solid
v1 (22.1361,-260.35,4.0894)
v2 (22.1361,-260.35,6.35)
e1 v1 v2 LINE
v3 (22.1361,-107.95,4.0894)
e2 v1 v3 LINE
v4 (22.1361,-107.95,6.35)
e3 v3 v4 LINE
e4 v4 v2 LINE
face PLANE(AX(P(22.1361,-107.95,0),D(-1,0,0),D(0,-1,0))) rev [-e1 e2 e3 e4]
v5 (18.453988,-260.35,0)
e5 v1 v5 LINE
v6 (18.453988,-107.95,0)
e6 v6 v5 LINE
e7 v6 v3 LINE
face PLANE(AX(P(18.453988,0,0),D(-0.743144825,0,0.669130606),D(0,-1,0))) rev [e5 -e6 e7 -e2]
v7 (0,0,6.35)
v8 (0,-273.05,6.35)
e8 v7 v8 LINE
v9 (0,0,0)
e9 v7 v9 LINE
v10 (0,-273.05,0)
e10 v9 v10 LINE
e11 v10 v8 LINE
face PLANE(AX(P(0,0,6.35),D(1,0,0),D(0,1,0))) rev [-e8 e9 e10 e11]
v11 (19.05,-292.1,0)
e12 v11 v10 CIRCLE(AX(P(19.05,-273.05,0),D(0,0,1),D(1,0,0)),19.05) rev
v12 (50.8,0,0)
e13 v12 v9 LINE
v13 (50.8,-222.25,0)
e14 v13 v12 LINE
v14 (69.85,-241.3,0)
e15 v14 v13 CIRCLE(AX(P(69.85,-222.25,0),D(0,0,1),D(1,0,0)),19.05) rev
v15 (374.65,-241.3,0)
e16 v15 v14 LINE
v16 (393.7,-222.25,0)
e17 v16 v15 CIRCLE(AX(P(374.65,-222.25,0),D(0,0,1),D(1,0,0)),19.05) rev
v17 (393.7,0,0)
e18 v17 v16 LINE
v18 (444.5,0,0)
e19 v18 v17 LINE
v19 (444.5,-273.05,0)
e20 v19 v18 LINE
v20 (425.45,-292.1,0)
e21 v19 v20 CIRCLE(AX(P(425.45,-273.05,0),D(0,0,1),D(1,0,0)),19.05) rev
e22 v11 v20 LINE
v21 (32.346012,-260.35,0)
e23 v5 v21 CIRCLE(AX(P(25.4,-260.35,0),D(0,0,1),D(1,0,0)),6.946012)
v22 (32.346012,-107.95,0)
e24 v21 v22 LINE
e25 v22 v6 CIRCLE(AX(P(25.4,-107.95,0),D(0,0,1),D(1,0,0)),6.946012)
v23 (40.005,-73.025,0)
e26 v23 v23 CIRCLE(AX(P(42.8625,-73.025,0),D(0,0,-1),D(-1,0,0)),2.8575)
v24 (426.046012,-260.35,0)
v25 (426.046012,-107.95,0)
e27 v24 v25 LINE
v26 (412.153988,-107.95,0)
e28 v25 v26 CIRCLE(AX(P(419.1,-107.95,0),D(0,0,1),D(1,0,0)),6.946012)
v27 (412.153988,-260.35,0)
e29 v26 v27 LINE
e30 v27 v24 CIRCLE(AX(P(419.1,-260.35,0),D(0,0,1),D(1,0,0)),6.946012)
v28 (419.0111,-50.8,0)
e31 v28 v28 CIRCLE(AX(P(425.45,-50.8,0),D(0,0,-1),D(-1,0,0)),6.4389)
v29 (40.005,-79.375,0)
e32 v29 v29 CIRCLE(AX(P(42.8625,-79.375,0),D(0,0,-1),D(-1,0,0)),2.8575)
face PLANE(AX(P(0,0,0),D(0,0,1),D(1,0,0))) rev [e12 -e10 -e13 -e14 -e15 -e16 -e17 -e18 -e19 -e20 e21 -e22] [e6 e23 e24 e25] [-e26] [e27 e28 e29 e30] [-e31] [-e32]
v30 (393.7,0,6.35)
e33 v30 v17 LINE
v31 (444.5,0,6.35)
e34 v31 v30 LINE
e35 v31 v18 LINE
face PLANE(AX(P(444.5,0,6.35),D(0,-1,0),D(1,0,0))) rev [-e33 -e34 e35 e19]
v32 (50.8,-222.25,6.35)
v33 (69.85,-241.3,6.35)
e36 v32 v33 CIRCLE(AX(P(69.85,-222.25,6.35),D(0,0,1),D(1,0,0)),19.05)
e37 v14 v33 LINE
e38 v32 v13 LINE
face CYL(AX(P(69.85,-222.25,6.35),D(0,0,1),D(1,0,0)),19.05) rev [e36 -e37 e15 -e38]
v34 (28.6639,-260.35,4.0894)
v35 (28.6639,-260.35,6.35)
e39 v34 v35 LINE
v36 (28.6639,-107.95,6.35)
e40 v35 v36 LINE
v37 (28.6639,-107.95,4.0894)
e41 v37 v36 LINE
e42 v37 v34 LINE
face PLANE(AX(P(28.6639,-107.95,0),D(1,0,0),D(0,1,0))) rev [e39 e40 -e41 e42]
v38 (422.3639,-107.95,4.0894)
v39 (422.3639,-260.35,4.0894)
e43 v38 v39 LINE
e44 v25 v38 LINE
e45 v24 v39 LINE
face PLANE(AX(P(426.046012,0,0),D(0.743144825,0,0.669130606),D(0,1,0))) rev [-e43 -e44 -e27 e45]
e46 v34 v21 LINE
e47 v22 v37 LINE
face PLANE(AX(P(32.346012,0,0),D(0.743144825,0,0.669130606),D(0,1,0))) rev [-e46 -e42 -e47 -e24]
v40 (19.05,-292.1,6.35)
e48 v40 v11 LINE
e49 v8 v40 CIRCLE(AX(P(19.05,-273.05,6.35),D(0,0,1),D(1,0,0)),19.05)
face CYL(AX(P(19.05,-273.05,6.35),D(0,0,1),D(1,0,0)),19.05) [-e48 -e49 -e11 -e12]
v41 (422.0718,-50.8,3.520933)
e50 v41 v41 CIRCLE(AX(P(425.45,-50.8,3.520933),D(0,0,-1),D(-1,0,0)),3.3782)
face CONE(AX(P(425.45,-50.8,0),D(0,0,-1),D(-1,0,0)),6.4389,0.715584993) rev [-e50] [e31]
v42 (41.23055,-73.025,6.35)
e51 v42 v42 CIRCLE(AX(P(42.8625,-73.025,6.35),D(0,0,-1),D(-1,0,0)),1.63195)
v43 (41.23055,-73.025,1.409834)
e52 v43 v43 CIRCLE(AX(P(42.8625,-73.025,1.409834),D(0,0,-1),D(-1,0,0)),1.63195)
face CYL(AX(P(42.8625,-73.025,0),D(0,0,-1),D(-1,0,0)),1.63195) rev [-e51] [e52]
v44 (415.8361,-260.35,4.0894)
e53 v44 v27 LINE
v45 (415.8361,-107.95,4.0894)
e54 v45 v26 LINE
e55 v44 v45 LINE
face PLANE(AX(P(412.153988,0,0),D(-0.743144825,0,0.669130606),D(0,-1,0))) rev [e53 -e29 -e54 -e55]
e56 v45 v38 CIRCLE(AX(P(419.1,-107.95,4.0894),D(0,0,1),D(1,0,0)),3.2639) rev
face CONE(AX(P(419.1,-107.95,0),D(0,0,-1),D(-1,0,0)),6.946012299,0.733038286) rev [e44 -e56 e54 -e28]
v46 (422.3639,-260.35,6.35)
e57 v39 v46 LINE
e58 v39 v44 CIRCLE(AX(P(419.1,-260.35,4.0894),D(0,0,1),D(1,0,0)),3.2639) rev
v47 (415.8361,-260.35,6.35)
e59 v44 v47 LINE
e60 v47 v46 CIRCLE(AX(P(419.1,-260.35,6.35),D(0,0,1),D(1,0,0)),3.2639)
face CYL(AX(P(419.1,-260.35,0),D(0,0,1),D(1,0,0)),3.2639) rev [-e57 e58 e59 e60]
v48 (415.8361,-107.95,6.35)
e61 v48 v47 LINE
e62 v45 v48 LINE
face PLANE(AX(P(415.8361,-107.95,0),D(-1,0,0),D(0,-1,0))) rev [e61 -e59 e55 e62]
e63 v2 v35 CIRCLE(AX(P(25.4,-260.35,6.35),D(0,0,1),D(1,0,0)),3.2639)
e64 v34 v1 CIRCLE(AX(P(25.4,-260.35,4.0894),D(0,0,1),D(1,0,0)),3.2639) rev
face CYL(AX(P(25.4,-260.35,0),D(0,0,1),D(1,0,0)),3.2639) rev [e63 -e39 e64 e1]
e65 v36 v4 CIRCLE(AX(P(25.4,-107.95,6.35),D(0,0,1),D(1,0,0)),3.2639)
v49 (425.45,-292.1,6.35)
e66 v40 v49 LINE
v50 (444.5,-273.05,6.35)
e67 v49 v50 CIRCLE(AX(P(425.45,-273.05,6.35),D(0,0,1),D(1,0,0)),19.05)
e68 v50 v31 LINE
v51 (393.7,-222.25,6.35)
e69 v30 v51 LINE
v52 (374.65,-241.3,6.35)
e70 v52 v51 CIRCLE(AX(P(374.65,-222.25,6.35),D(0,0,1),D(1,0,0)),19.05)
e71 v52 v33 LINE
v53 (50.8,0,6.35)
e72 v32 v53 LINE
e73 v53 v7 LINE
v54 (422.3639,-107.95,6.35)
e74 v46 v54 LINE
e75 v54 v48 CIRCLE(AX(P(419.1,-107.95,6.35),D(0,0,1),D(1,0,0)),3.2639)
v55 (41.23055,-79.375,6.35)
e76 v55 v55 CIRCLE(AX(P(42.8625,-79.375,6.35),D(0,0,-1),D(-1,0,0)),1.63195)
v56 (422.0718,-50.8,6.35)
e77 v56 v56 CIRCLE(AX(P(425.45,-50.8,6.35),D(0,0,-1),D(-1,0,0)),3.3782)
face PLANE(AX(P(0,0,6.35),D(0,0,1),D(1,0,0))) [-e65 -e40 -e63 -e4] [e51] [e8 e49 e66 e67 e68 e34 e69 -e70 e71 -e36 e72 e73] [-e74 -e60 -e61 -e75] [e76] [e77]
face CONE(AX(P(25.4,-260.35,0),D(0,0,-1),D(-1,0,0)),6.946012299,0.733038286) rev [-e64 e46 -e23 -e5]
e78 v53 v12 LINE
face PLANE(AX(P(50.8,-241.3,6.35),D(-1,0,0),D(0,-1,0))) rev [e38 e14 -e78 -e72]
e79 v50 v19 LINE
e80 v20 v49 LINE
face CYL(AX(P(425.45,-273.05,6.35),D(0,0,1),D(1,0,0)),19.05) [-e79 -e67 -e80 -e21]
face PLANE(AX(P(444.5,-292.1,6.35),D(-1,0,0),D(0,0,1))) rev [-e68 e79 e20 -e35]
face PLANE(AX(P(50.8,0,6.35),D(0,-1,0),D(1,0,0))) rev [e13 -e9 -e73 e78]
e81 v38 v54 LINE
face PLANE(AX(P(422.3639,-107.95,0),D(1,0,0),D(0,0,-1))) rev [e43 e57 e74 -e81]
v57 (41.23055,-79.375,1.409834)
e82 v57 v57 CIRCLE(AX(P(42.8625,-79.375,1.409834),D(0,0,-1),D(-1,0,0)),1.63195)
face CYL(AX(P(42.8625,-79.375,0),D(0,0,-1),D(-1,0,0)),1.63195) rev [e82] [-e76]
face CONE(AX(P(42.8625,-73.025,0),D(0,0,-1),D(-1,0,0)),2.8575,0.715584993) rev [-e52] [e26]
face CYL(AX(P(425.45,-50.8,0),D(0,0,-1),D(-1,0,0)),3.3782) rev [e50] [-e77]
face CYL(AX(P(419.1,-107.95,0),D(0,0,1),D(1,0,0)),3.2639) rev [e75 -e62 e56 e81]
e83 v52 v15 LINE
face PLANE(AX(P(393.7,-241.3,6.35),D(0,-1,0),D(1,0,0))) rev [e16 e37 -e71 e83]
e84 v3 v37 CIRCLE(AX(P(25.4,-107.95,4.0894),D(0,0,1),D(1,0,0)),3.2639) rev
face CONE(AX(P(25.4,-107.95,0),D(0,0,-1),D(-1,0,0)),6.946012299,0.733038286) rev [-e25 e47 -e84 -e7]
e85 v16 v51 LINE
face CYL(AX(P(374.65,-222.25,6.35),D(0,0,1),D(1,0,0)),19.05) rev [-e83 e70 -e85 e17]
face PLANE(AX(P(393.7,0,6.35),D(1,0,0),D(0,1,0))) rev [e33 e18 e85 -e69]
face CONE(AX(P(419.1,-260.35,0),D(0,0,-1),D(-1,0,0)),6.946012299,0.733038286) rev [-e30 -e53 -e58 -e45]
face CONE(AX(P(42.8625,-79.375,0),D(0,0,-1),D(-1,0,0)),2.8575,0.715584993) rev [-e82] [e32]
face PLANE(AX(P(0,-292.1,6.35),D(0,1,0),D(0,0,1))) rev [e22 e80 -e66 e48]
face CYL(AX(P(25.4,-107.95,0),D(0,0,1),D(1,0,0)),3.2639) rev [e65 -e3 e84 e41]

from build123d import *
from OCP.BRepFilletAPI import BRepFilletAPI_MakeChamfer

# Parameters (mm, degrees)
BOSS_EXTRUDE1_DEPTH                            = 6.35
FILLET5_R                                      = 19.05
FILLET6_R                                      = 19.05
FILLET7_R                                      = 19.05
FILLET8_R                                      = 19.05
CUT_EXTRUDE1_DEPTH                             = 532.923850283
CUT_EXTRUDE2_DEPTH                             = 532.923850283
CHAMFER1_SIZE                                  = 4.0894
CHAMFER1_SIZE2                                 = 3.682112299
CHAMFER2_SIZE                                  = 4.0894
CHAMFER2_SIZE2                                 = 3.682112299
F_62_0_038_DIAMETER_HOLE1_D                    = 0.9652
F_62_0_038_DIAMETER_HOLE1_DEPTH                = 25.4
F_62_0_038_DIAMETER_HOLE1_TIP                  = 0.289975335
CSK_FOR_4_FLAT_HEAD_MACHINE_SCREW3_D           = 3.2639
CSK_FOR_4_FLAT_HEAD_MACHINE_SCREW3_CSINK_D     = 5.715
CSK_FOR_4_FLAT_HEAD_MACHINE_SCREW3_CSINK_ANGLE = 82


with BuildPart() as part:
    # Sketch1 → Boss-Extrude1 (new body)
    with BuildSketch(Plane.XY):
        Polygon((0, 0), (0, -292.1), (444.5, -292.1), (444.5, 0), (393.7, 0), (393.7, -241.3), (50.8, -241.3), (50.8, 0), align=None)
    extrude(amount=BOSS_EXTRUDE1_DEPTH)

    # Fillet5
    fillet5_edges = [part.edges().sort_by_distance(p)[0] for p in [
        (0, -292.1, 3.175),
    ]]
    fillet(fillet5_edges, radius=FILLET5_R)

    # Fillet6
    fillet6_edges = [part.edges().sort_by_distance(p)[0] for p in [
        (444.5, -292.1, 3.175),
    ]]
    fillet(fillet6_edges, radius=FILLET6_R)

    # Fillet7
    fillet7_edges = [part.edges().sort_by_distance(p)[0] for p in [
        (50.8, -241.3, 3.175),
    ]]
    fillet(fillet7_edges, radius=FILLET7_R)

    # Fillet8
    fillet8_edges = [part.edges().sort_by_distance(p)[0] for p in [
        (393.7, -241.3, 3.175),
    ]]
    fillet(fillet8_edges, radius=FILLET8_R)

    # Sketch2 → Cut-Extrude1 (cut, through all)
    with BuildSketch(Plane.XY.offset(6.35)):
        with BuildLine():
            Line((422.3639, -107.95), (422.3639, -260.35))
            ThreePointArc((422.3639, -260.35), (419.1, -263.6139), (415.8361, -260.35))
            Line((415.8361, -260.35), (415.8361, -107.95))
            ThreePointArc((415.8361, -107.95), (419.1, -104.6861), (422.3639, -107.95))
        make_face()
    extrude(amount=-CUT_EXTRUDE1_DEPTH, mode=Mode.SUBTRACT)

    # Sketch3 → Cut-Extrude2 (cut, through all)
    with BuildSketch(Plane.XY.offset(6.35)):
        with BuildLine():
            Line((28.6639, -107.95), (28.6639, -260.35))
            ThreePointArc((28.6639, -260.35), (25.4, -263.6139), (22.1361, -260.35))
            Line((22.1361, -260.35), (22.1361, -107.95))
            ThreePointArc((22.1361, -107.95), (25.4, -104.6861), (28.6639, -107.95))
        make_face()
    extrude(amount=-CUT_EXTRUDE2_DEPTH, mode=Mode.SUBTRACT)

    # Sketch4 → CSK for 1/4 Flat Head Machine Screw1 (revolve, cut)
    with BuildSketch(Plane(origin=(425.45, -50.8, 0), x_dir=(0, 1, 0), z_dir=(1, 0, 0))):
        Polygon((0, 0), (0, 6.35), (3.3782, 6.35), (3.3782, 3.520932584), (6.4389, 0), align=None)
    revolve(axis=Axis((425.45, -50.8, -6.35), (0, 0, 1)), mode=Mode.SUBTRACT)

    # Chamfer1: one chamfer whose edges measure the first distance from different faces: ONE call of the kernel's chamfer builder (chamfer() names one face for all edges)
    chamfer1_edges_1 = [part.edges().sort_by_distance(p)[0] for p in [
        (25.4, -104.6861, 0),
    ]]
    chamfer1_side_1 = [part.faces().sort_by_distance(p)[0] for p in [
        (25.4, -104.6861, 3.175),
    ]]
    chamfer1_edges_2 = [part.edges().sort_by_distance(p)[0] for p in [
        (28.6639, -184.15, 0),
    ]]
    chamfer1_side_2 = [part.faces().sort_by_distance(p)[0] for p in [
        (28.6639, -184.15, 3.175),
    ]]
    chamfer1_edges_3 = [part.edges().sort_by_distance(p)[0] for p in [
        (25.4, -263.6139, 0),
    ]]
    chamfer1_side_3 = [part.faces().sort_by_distance(p)[0] for p in [
        (25.4, -263.6139, 3.175),
    ]]
    chamfer1_edges_4 = [part.edges().sort_by_distance(p)[0] for p in [
        (22.1361, -184.15, 0),
    ]]
    chamfer1_side_4 = [part.faces().sort_by_distance(p)[0] for p in [
        (22.1361, -184.15, 3.175),
    ]]
    chamfer1 = BRepFilletAPI_MakeChamfer(part.part.solid().wrapped)
    for e in chamfer1_edges_1:
        chamfer1.Add(CHAMFER1_SIZE, CHAMFER1_SIZE2, e.wrapped, chamfer1_side_1[0].wrapped)  # the first distance lies on this face
    for e in chamfer1_edges_2:
        chamfer1.Add(CHAMFER1_SIZE, CHAMFER1_SIZE2, e.wrapped, chamfer1_side_2[0].wrapped)  # the first distance lies on this face
    for e in chamfer1_edges_3:
        chamfer1.Add(CHAMFER1_SIZE, CHAMFER1_SIZE2, e.wrapped, chamfer1_side_3[0].wrapped)  # the first distance lies on this face
    for e in chamfer1_edges_4:
        chamfer1.Add(CHAMFER1_SIZE, CHAMFER1_SIZE2, e.wrapped, chamfer1_side_4[0].wrapped)  # the first distance lies on this face
    add(Compound.cast(chamfer1.Shape()), mode=Mode.REPLACE)

    # Chamfer2: one chamfer whose edges measure the first distance from different faces: ONE call of the kernel's chamfer builder (chamfer() names one face for all edges)
    chamfer2_edges_1 = [part.edges().sort_by_distance(p)[0] for p in [
        (419.1, -104.6861, 0),
    ]]
    chamfer2_side_1 = [part.faces().sort_by_distance(p)[0] for p in [
        (419.1, -104.6861, 3.175),
    ]]
    chamfer2_edges_2 = [part.edges().sort_by_distance(p)[0] for p in [
        (422.3639, -184.15, 0),
    ]]
    chamfer2_side_2 = [part.faces().sort_by_distance(p)[0] for p in [
        (422.3639, -184.15, 3.175),
    ]]
    chamfer2_edges_3 = [part.edges().sort_by_distance(p)[0] for p in [
        (419.1, -263.6139, 0),
    ]]
    chamfer2_side_3 = [part.faces().sort_by_distance(p)[0] for p in [
        (419.1, -263.6139, 3.175),
    ]]
    chamfer2_edges_4 = [part.edges().sort_by_distance(p)[0] for p in [
        (415.8361, -184.15, 0),
    ]]
    chamfer2_side_4 = [part.faces().sort_by_distance(p)[0] for p in [
        (415.8361, -184.15, 3.175),
    ]]
    chamfer2 = BRepFilletAPI_MakeChamfer(part.part.solid().wrapped)
    for e in chamfer2_edges_1:
        chamfer2.Add(CHAMFER2_SIZE, CHAMFER2_SIZE2, e.wrapped, chamfer2_side_1[0].wrapped)  # the first distance lies on this face
    for e in chamfer2_edges_2:
        chamfer2.Add(CHAMFER2_SIZE, CHAMFER2_SIZE2, e.wrapped, chamfer2_side_2[0].wrapped)  # the first distance lies on this face
    for e in chamfer2_edges_3:
        chamfer2.Add(CHAMFER2_SIZE, CHAMFER2_SIZE2, e.wrapped, chamfer2_side_3[0].wrapped)  # the first distance lies on this face
    for e in chamfer2_edges_4:
        chamfer2.Add(CHAMFER2_SIZE, CHAMFER2_SIZE2, e.wrapped, chamfer2_side_4[0].wrapped)  # the first distance lies on this face
    add(Compound.cast(chamfer2.Shape()), mode=Mode.REPLACE)

    # #62 (0.038) Diameter Hole1
    with Locations(Plane.XY.offset(6.35)):
        with Locations((42.8625, -73.025), (42.8625, -79.375)):
            Hole(F_62_0_038_DIAMETER_HOLE1_D / 2, depth=F_62_0_038_DIAMETER_HOLE1_DEPTH)
            with Locations((0, 0, -(F_62_0_038_DIAMETER_HOLE1_DEPTH + F_62_0_038_DIAMETER_HOLE1_TIP / 2))):  # 118° drill point
                Cone(0, F_62_0_038_DIAMETER_HOLE1_D / 2, F_62_0_038_DIAMETER_HOLE1_TIP, mode=Mode.SUBTRACT)

    # CSK for #4 Flat Head Machine Screw3 (through all)
    with Locations(Plane(origin=(0, 0, 0), x_dir=(-1, 0, 0), z_dir=(0, 0, -1))):
        with Locations((-42.8625, -79.375), (-42.8625, -73.025)):
            CounterSinkHole(CSK_FOR_4_FLAT_HEAD_MACHINE_SCREW3_D / 2, CSK_FOR_4_FLAT_HEAD_MACHINE_SCREW3_CSINK_D / 2, counter_sink_angle=CSK_FOR_4_FLAT_HEAD_MACHINE_SCREW3_CSINK_ANGLE)


solid = part.part
